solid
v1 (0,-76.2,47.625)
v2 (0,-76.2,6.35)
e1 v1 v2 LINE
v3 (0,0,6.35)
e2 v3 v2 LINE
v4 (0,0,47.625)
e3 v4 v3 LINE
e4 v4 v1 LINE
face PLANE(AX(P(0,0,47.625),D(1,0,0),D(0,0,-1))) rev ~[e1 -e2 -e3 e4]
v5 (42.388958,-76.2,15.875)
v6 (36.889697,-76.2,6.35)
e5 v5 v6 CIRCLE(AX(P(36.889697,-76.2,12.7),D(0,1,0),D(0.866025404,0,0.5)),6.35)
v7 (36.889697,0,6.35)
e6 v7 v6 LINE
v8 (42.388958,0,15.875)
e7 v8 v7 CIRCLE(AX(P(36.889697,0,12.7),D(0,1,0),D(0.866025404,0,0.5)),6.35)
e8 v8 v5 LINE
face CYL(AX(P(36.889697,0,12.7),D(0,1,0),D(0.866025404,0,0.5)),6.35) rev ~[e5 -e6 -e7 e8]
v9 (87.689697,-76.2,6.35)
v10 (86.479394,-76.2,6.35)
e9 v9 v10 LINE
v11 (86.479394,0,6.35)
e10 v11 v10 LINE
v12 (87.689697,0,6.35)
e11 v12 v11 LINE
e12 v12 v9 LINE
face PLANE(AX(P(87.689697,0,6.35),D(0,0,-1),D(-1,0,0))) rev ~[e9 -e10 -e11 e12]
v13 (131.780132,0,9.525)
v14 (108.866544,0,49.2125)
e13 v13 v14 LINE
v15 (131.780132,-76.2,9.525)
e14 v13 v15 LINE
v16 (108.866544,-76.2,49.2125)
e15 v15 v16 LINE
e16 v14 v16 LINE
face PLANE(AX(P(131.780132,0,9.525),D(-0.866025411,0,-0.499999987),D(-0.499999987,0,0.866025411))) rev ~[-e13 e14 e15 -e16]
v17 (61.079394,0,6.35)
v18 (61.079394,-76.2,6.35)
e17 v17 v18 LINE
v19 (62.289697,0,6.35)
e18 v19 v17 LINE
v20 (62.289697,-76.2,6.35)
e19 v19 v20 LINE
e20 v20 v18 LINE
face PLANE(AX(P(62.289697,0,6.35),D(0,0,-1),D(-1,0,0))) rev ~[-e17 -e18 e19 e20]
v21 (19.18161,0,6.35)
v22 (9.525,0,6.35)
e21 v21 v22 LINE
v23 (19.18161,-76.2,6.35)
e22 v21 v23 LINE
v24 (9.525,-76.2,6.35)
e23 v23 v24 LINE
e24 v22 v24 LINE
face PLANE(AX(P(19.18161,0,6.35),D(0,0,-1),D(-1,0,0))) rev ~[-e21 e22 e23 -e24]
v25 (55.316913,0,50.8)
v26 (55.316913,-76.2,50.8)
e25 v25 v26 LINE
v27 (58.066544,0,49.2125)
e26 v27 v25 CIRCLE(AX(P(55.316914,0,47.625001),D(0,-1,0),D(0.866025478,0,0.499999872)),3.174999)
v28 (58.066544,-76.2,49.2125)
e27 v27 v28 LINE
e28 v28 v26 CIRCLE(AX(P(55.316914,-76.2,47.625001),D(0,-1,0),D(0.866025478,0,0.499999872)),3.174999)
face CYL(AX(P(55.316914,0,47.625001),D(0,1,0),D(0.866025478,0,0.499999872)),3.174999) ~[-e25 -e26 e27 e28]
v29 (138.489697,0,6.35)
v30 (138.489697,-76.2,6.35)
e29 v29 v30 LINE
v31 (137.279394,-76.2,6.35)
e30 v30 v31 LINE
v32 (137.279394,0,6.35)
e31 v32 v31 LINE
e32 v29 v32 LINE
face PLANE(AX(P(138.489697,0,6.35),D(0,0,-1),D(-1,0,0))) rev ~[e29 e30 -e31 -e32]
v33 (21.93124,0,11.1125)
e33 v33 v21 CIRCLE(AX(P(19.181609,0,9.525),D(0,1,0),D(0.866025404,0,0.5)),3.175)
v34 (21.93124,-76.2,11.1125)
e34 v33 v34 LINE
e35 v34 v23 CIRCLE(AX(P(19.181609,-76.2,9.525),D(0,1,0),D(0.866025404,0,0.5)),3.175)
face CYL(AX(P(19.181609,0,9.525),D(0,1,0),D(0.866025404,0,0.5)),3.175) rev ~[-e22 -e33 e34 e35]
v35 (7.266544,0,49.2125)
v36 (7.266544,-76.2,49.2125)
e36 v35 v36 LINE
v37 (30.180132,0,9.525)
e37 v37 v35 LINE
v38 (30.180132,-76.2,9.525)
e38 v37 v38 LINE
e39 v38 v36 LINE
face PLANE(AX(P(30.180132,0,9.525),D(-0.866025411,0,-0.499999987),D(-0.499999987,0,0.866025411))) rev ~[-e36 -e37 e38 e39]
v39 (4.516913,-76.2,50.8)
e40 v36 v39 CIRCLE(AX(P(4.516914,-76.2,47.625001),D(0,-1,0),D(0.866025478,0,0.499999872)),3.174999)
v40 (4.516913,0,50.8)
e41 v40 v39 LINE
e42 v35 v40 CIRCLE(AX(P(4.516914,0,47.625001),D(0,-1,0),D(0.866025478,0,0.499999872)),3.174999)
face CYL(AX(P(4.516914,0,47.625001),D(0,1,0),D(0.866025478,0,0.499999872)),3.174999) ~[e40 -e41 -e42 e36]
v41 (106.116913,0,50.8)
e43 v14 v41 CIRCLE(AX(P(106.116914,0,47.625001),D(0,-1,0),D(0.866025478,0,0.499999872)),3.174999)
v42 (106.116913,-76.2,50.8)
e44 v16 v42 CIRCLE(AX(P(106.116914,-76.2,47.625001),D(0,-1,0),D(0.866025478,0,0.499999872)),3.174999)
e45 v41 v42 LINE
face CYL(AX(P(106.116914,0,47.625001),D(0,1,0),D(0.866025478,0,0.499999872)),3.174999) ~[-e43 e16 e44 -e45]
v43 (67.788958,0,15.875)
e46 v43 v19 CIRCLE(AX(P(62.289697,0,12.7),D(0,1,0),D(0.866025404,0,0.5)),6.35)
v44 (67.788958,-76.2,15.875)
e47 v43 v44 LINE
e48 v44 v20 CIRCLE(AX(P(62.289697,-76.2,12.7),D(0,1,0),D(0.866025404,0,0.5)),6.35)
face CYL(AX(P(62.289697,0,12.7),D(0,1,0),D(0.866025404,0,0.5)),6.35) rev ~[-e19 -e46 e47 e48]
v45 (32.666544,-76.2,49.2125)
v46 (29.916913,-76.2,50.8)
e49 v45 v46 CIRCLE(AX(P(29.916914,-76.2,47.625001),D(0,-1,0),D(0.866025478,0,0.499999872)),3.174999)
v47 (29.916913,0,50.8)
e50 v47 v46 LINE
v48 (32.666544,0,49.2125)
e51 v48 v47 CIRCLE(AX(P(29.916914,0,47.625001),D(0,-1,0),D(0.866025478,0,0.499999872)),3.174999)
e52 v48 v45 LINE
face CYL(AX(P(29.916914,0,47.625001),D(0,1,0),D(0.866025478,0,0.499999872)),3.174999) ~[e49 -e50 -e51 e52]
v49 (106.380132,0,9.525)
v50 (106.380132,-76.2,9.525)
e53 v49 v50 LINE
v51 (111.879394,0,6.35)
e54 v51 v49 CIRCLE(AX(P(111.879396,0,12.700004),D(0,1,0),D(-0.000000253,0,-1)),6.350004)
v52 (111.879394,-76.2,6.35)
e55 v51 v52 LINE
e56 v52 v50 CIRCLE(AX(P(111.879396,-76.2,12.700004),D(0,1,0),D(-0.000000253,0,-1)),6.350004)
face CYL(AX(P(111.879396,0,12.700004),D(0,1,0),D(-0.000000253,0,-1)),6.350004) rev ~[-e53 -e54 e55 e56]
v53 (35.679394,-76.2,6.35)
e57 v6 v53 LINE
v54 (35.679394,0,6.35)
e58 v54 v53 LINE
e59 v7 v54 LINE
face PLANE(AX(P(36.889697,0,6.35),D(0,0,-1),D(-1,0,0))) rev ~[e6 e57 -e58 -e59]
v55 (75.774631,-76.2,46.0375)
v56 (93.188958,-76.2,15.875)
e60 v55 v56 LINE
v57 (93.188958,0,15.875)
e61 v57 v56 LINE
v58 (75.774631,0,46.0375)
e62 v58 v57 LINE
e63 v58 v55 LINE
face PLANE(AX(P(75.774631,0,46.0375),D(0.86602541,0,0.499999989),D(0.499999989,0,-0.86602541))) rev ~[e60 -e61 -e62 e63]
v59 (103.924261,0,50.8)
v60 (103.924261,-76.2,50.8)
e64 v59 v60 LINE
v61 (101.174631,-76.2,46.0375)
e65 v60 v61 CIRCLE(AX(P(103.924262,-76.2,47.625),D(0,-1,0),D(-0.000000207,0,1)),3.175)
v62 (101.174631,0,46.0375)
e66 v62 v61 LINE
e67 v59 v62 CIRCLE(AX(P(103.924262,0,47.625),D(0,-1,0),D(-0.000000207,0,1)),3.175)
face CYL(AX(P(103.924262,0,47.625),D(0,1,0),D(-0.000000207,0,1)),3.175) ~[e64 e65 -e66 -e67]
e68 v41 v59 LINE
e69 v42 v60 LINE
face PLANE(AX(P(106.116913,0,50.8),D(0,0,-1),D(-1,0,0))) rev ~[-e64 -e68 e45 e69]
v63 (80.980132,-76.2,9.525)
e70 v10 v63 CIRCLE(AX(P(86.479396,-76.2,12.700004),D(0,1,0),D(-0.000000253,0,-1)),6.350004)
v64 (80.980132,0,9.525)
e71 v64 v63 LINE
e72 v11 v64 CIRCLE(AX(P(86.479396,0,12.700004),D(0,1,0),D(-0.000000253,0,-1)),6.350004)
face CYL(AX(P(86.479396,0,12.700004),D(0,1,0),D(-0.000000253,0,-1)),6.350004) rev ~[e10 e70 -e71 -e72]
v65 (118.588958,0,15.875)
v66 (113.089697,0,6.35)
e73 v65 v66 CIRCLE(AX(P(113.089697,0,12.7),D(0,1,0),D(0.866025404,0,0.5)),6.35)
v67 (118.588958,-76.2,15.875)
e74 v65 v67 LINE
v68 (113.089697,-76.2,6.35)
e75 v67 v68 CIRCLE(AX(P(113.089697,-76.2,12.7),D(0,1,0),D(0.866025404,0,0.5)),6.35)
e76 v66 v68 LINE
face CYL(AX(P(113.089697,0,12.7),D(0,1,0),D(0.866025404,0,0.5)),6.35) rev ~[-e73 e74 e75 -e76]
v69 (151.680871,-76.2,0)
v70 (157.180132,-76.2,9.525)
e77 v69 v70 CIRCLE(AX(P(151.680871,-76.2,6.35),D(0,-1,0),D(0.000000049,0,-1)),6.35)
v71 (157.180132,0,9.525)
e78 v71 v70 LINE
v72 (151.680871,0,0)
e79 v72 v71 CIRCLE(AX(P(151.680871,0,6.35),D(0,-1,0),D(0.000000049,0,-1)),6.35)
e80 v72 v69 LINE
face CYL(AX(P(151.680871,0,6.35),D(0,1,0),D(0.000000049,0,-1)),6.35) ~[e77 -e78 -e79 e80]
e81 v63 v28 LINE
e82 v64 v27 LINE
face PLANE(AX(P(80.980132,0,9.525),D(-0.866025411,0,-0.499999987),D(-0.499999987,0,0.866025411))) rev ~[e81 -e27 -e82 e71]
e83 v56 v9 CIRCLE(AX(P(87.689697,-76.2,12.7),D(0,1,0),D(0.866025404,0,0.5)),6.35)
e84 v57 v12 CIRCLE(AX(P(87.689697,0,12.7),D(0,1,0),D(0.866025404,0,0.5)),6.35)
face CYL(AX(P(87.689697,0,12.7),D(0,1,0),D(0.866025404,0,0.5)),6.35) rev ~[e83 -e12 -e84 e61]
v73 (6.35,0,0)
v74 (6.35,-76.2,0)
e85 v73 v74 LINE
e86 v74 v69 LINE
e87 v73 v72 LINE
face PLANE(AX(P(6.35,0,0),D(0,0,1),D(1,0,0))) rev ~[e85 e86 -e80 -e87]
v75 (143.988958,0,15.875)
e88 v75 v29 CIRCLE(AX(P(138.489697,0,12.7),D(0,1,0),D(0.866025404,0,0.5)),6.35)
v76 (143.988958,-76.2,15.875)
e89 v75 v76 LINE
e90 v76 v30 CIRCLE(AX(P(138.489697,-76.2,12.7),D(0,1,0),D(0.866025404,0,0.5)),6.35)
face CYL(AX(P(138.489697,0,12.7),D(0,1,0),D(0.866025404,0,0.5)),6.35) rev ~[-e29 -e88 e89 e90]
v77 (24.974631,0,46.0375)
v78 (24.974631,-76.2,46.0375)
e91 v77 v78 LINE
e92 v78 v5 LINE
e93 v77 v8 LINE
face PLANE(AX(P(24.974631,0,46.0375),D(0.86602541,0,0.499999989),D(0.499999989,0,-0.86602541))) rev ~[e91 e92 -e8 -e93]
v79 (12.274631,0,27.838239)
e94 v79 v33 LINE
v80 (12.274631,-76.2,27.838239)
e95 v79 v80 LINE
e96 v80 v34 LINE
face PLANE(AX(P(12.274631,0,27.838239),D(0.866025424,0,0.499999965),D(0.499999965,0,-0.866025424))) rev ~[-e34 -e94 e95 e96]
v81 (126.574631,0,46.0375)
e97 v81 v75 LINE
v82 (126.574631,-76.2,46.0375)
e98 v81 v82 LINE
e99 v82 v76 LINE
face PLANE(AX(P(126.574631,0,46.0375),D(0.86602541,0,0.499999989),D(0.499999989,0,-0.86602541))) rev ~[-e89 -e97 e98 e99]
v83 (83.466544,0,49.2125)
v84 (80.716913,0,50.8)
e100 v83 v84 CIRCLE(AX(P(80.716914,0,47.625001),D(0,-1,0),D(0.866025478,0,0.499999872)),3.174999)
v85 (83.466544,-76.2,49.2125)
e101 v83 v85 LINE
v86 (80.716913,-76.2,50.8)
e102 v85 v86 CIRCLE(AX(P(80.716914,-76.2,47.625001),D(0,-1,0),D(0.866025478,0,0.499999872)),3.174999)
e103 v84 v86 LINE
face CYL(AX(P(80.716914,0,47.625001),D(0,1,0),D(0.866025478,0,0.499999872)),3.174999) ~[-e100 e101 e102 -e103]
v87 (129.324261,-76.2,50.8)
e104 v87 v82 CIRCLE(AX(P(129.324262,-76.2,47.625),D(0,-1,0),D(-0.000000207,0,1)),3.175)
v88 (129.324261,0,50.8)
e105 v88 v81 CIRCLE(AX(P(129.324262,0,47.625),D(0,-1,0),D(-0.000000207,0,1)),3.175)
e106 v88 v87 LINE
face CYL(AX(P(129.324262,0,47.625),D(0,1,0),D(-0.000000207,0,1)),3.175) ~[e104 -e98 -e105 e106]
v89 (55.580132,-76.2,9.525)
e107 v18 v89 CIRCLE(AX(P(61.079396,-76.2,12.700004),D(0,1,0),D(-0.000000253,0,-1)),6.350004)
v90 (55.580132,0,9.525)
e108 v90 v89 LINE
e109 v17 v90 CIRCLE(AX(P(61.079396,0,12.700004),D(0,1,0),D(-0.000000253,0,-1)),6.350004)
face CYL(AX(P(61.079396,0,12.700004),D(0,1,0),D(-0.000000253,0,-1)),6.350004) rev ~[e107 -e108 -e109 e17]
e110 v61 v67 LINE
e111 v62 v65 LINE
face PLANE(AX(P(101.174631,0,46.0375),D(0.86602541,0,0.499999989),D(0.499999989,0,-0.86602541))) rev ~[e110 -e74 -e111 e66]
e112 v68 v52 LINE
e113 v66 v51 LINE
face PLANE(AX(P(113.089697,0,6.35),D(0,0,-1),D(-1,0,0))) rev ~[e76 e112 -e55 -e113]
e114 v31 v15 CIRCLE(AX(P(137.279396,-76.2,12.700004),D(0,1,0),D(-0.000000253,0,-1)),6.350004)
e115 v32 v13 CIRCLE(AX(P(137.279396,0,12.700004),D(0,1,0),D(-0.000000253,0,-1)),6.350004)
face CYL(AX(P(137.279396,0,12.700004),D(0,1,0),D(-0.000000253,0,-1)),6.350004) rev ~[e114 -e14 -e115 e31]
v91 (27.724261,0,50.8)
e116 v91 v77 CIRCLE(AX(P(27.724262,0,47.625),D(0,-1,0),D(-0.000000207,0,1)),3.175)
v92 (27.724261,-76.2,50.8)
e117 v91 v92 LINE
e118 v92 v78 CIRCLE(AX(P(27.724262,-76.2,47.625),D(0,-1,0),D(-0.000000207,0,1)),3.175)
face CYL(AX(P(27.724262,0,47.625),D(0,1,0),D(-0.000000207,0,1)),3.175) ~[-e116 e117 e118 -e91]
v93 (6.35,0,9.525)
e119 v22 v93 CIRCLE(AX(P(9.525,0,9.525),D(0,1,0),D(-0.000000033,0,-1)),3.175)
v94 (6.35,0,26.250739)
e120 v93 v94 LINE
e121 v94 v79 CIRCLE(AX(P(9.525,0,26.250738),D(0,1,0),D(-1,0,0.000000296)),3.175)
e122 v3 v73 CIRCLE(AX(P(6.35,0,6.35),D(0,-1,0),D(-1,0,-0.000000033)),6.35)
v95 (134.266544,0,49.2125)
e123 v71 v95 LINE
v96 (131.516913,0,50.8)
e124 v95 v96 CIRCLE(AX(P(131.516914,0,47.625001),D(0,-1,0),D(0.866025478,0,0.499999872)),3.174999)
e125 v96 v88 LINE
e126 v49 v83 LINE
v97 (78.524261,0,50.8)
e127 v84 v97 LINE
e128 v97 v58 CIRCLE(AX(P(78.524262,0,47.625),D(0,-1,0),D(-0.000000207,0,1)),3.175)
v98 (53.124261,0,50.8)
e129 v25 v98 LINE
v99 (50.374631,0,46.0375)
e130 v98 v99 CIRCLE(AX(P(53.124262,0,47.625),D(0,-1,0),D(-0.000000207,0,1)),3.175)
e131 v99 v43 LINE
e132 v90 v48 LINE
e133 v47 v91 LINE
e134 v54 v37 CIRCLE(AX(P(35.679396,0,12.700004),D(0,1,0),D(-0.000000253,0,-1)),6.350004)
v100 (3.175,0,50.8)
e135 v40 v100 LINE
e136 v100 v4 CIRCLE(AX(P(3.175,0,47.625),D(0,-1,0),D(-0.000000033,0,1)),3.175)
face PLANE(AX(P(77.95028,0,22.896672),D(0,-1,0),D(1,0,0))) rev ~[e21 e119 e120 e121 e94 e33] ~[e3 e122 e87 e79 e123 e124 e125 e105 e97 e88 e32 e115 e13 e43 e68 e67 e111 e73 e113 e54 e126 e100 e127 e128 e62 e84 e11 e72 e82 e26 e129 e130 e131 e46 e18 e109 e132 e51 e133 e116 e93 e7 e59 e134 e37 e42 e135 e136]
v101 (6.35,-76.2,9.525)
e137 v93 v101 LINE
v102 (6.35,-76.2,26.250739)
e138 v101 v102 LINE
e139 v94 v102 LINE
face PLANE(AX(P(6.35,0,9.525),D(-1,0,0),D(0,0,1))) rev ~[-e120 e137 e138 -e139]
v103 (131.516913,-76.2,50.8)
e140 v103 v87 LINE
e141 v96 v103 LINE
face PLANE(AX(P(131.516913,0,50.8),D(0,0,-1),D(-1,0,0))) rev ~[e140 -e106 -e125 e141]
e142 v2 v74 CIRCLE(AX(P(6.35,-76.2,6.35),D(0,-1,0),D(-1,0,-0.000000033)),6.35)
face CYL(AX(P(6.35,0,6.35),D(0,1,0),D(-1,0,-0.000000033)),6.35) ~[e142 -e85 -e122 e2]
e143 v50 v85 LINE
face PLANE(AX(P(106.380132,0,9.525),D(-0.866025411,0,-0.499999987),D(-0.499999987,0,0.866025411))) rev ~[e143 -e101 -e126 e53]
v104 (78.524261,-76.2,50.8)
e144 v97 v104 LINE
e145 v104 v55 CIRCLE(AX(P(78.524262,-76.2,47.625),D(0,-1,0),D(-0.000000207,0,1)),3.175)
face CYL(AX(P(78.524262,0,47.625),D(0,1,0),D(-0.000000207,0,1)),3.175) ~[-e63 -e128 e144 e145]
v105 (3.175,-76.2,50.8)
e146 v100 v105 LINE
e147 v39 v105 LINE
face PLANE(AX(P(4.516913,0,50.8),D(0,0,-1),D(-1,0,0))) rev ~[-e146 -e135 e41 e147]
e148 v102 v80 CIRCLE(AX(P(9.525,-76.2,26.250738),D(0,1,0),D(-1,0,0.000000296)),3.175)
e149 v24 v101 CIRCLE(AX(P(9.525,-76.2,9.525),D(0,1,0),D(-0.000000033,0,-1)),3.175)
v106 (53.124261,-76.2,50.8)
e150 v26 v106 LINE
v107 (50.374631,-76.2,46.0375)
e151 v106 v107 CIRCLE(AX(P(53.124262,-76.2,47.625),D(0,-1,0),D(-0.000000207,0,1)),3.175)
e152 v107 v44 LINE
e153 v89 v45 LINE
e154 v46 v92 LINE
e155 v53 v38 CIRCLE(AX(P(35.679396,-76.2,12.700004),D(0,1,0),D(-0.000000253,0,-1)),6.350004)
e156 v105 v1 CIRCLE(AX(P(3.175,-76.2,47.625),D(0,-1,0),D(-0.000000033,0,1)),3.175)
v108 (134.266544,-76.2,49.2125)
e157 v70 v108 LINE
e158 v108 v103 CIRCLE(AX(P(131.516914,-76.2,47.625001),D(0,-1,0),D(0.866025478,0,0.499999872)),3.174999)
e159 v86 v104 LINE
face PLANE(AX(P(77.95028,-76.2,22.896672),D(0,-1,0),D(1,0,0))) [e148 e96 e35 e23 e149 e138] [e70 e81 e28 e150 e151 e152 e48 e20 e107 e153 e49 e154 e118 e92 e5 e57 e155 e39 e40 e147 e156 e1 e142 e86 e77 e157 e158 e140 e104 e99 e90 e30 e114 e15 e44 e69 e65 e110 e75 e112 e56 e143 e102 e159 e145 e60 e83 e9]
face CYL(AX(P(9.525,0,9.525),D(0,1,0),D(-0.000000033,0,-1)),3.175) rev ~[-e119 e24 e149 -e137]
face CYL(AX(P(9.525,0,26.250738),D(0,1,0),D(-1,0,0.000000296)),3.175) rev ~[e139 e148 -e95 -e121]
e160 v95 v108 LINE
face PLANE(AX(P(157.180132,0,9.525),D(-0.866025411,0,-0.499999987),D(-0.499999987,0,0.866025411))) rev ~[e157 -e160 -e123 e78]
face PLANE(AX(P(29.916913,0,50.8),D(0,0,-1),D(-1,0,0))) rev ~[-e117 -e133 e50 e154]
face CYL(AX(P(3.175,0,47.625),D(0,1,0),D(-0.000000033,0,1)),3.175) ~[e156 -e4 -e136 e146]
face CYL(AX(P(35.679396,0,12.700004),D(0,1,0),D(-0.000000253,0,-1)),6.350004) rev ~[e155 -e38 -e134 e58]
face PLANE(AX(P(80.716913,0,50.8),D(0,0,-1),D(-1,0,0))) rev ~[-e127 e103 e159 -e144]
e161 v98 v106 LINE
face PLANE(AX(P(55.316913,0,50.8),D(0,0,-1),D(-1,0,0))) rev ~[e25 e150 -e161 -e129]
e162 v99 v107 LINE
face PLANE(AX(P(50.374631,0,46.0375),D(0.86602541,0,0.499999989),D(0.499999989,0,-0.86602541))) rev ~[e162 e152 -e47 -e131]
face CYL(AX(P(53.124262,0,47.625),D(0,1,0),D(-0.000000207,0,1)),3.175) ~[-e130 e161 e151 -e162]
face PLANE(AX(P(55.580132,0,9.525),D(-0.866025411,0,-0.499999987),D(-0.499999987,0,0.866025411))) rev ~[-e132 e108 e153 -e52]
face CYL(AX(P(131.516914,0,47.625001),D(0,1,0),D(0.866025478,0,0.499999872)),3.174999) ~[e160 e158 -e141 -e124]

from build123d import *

# Parameters (mm, degrees)
F1_DEPTH = 76.2


with BuildPart() as f1:
    # F0 (on Front) → F1 (new body)
    with BuildSketch(Plane.XZ):
        with BuildLine():
            Line((0, 47.625), (0, 6.35))
            ThreePointArc((0, 6.35), (1.859872, 1.859872), (6.35, 0))
            Line((6.35, 0), (151.680871, 0))
            ThreePointArc((151.680871, 0), (157.180132, 3.175), (157.180132, 9.525))
            Line((157.180132, 9.525), (134.266544, 49.2125))
            ThreePointArc((134.266544, 49.2125), (133.104413, 50.374631), (131.516913, 50.8))
            Line((131.516913, 50.8), (129.324261, 50.8))
            ThreePointArc((129.324261, 50.8), (126.574631, 49.2125), (126.574631, 46.0375))
            Line((126.574631, 46.0375), (143.988958, 15.875))
            ThreePointArc((143.988958, 15.875), (143.988958, 9.525), (138.489697, 6.35))
            Line((138.489697, 6.35), (137.279394, 6.35))
            ThreePointArc((137.279394, 6.35), (134.104394, 7.200739), (131.780132, 9.525))
            Line((131.780132, 9.525), (108.866544, 49.2125))
            ThreePointArc((108.866544, 49.2125), (107.704413, 50.374631), (106.116913, 50.8))
            Line((106.116913, 50.8), (103.924261, 50.8))
            ThreePointArc((103.924261, 50.8), (101.174631, 49.2125), (101.174631, 46.0375))
            Line((101.174631, 46.0375), (118.588958, 15.875))
            ThreePointArc((118.588958, 15.875), (118.588958, 9.525), (113.089697, 6.35))
            Line((113.089697, 6.35), (111.879394, 6.35))
            ThreePointArc((111.879394, 6.35), (108.704394, 7.200739), (106.380132, 9.525))
            Line((106.380132, 9.525), (83.466544, 49.2125))
            ThreePointArc((83.466544, 49.2125), (82.304413, 50.374631), (80.716913, 50.8))
            Line((80.716913, 50.8), (78.524261, 50.8))
            ThreePointArc((78.524261, 50.8), (75.774631, 49.2125), (75.774631, 46.0375))
            Line((75.774631, 46.0375), (93.188958, 15.875))
            ThreePointArc((93.188958, 15.875), (93.188958, 9.525), (87.689697, 6.35))
            Line((87.689697, 6.35), (86.479394, 6.35))
            ThreePointArc((86.479394, 6.35), (83.304394, 7.200739), (80.980132, 9.525))
            Line((80.980132, 9.525), (58.066544, 49.2125))
            ThreePointArc((58.066544, 49.2125), (56.904413, 50.374631), (55.316913, 50.8))
            Line((55.316913, 50.8), (53.124261, 50.8))
            ThreePointArc((53.124261, 50.8), (50.374631, 49.2125), (50.374631, 46.0375))
            Line((50.374631, 46.0375), (67.788958, 15.875))
            ThreePointArc((67.788958, 15.875), (67.788958, 9.525), (62.289697, 6.35))
            Line((62.289697, 6.35), (61.079394, 6.35))
            ThreePointArc((61.079394, 6.35), (57.904394, 7.200739), (55.580132, 9.525))
            Line((55.580132, 9.525), (32.666544, 49.2125))
            ThreePointArc((32.666544, 49.2125), (31.504413, 50.374631), (29.916913, 50.8))
            Line((29.916913, 50.8), (27.724261, 50.8))
            ThreePointArc((27.724261, 50.8), (24.974631, 49.2125), (24.974631, 46.0375))
            Line((24.974631, 46.0375), (42.388958, 15.875))
            ThreePointArc((42.388958, 15.875), (42.388958, 9.525), (36.889697, 6.35))
            Line((36.889697, 6.35), (35.679394, 6.35))
            ThreePointArc((35.679394, 6.35), (32.504394, 7.200739), (30.180132, 9.525))
            Line((30.180132, 9.525), (7.266544, 49.2125))
            ThreePointArc((7.266544, 49.2125), (6.104413, 50.374631), (4.516913, 50.8))
            Line((4.516913, 50.8), (3.175, 50.8))
            ThreePointArc((3.175, 50.8), (0.929936, 49.870064), (0, 47.625))
        make_face()
        with BuildLine():
            ThreePointArc((6.35, 26.250739), (8.70325, 29.317553), (12.274631, 27.838239))
            Line((12.274631, 27.838239), (21.93124, 11.1125))
            ThreePointArc((21.93124, 11.1125), (21.93124, 7.9375), (19.18161, 6.35))
            Line((19.18161, 6.35), (9.525, 6.35))
            ThreePointArc((9.525, 6.35), (7.279936, 7.279936), (6.35, 9.525))
            Line((6.35, 9.525), (6.35, 26.250739))
        make_face(mode=Mode.SUBTRACT)
    extrude(amount=F1_DEPTH)


solid = f1.part
